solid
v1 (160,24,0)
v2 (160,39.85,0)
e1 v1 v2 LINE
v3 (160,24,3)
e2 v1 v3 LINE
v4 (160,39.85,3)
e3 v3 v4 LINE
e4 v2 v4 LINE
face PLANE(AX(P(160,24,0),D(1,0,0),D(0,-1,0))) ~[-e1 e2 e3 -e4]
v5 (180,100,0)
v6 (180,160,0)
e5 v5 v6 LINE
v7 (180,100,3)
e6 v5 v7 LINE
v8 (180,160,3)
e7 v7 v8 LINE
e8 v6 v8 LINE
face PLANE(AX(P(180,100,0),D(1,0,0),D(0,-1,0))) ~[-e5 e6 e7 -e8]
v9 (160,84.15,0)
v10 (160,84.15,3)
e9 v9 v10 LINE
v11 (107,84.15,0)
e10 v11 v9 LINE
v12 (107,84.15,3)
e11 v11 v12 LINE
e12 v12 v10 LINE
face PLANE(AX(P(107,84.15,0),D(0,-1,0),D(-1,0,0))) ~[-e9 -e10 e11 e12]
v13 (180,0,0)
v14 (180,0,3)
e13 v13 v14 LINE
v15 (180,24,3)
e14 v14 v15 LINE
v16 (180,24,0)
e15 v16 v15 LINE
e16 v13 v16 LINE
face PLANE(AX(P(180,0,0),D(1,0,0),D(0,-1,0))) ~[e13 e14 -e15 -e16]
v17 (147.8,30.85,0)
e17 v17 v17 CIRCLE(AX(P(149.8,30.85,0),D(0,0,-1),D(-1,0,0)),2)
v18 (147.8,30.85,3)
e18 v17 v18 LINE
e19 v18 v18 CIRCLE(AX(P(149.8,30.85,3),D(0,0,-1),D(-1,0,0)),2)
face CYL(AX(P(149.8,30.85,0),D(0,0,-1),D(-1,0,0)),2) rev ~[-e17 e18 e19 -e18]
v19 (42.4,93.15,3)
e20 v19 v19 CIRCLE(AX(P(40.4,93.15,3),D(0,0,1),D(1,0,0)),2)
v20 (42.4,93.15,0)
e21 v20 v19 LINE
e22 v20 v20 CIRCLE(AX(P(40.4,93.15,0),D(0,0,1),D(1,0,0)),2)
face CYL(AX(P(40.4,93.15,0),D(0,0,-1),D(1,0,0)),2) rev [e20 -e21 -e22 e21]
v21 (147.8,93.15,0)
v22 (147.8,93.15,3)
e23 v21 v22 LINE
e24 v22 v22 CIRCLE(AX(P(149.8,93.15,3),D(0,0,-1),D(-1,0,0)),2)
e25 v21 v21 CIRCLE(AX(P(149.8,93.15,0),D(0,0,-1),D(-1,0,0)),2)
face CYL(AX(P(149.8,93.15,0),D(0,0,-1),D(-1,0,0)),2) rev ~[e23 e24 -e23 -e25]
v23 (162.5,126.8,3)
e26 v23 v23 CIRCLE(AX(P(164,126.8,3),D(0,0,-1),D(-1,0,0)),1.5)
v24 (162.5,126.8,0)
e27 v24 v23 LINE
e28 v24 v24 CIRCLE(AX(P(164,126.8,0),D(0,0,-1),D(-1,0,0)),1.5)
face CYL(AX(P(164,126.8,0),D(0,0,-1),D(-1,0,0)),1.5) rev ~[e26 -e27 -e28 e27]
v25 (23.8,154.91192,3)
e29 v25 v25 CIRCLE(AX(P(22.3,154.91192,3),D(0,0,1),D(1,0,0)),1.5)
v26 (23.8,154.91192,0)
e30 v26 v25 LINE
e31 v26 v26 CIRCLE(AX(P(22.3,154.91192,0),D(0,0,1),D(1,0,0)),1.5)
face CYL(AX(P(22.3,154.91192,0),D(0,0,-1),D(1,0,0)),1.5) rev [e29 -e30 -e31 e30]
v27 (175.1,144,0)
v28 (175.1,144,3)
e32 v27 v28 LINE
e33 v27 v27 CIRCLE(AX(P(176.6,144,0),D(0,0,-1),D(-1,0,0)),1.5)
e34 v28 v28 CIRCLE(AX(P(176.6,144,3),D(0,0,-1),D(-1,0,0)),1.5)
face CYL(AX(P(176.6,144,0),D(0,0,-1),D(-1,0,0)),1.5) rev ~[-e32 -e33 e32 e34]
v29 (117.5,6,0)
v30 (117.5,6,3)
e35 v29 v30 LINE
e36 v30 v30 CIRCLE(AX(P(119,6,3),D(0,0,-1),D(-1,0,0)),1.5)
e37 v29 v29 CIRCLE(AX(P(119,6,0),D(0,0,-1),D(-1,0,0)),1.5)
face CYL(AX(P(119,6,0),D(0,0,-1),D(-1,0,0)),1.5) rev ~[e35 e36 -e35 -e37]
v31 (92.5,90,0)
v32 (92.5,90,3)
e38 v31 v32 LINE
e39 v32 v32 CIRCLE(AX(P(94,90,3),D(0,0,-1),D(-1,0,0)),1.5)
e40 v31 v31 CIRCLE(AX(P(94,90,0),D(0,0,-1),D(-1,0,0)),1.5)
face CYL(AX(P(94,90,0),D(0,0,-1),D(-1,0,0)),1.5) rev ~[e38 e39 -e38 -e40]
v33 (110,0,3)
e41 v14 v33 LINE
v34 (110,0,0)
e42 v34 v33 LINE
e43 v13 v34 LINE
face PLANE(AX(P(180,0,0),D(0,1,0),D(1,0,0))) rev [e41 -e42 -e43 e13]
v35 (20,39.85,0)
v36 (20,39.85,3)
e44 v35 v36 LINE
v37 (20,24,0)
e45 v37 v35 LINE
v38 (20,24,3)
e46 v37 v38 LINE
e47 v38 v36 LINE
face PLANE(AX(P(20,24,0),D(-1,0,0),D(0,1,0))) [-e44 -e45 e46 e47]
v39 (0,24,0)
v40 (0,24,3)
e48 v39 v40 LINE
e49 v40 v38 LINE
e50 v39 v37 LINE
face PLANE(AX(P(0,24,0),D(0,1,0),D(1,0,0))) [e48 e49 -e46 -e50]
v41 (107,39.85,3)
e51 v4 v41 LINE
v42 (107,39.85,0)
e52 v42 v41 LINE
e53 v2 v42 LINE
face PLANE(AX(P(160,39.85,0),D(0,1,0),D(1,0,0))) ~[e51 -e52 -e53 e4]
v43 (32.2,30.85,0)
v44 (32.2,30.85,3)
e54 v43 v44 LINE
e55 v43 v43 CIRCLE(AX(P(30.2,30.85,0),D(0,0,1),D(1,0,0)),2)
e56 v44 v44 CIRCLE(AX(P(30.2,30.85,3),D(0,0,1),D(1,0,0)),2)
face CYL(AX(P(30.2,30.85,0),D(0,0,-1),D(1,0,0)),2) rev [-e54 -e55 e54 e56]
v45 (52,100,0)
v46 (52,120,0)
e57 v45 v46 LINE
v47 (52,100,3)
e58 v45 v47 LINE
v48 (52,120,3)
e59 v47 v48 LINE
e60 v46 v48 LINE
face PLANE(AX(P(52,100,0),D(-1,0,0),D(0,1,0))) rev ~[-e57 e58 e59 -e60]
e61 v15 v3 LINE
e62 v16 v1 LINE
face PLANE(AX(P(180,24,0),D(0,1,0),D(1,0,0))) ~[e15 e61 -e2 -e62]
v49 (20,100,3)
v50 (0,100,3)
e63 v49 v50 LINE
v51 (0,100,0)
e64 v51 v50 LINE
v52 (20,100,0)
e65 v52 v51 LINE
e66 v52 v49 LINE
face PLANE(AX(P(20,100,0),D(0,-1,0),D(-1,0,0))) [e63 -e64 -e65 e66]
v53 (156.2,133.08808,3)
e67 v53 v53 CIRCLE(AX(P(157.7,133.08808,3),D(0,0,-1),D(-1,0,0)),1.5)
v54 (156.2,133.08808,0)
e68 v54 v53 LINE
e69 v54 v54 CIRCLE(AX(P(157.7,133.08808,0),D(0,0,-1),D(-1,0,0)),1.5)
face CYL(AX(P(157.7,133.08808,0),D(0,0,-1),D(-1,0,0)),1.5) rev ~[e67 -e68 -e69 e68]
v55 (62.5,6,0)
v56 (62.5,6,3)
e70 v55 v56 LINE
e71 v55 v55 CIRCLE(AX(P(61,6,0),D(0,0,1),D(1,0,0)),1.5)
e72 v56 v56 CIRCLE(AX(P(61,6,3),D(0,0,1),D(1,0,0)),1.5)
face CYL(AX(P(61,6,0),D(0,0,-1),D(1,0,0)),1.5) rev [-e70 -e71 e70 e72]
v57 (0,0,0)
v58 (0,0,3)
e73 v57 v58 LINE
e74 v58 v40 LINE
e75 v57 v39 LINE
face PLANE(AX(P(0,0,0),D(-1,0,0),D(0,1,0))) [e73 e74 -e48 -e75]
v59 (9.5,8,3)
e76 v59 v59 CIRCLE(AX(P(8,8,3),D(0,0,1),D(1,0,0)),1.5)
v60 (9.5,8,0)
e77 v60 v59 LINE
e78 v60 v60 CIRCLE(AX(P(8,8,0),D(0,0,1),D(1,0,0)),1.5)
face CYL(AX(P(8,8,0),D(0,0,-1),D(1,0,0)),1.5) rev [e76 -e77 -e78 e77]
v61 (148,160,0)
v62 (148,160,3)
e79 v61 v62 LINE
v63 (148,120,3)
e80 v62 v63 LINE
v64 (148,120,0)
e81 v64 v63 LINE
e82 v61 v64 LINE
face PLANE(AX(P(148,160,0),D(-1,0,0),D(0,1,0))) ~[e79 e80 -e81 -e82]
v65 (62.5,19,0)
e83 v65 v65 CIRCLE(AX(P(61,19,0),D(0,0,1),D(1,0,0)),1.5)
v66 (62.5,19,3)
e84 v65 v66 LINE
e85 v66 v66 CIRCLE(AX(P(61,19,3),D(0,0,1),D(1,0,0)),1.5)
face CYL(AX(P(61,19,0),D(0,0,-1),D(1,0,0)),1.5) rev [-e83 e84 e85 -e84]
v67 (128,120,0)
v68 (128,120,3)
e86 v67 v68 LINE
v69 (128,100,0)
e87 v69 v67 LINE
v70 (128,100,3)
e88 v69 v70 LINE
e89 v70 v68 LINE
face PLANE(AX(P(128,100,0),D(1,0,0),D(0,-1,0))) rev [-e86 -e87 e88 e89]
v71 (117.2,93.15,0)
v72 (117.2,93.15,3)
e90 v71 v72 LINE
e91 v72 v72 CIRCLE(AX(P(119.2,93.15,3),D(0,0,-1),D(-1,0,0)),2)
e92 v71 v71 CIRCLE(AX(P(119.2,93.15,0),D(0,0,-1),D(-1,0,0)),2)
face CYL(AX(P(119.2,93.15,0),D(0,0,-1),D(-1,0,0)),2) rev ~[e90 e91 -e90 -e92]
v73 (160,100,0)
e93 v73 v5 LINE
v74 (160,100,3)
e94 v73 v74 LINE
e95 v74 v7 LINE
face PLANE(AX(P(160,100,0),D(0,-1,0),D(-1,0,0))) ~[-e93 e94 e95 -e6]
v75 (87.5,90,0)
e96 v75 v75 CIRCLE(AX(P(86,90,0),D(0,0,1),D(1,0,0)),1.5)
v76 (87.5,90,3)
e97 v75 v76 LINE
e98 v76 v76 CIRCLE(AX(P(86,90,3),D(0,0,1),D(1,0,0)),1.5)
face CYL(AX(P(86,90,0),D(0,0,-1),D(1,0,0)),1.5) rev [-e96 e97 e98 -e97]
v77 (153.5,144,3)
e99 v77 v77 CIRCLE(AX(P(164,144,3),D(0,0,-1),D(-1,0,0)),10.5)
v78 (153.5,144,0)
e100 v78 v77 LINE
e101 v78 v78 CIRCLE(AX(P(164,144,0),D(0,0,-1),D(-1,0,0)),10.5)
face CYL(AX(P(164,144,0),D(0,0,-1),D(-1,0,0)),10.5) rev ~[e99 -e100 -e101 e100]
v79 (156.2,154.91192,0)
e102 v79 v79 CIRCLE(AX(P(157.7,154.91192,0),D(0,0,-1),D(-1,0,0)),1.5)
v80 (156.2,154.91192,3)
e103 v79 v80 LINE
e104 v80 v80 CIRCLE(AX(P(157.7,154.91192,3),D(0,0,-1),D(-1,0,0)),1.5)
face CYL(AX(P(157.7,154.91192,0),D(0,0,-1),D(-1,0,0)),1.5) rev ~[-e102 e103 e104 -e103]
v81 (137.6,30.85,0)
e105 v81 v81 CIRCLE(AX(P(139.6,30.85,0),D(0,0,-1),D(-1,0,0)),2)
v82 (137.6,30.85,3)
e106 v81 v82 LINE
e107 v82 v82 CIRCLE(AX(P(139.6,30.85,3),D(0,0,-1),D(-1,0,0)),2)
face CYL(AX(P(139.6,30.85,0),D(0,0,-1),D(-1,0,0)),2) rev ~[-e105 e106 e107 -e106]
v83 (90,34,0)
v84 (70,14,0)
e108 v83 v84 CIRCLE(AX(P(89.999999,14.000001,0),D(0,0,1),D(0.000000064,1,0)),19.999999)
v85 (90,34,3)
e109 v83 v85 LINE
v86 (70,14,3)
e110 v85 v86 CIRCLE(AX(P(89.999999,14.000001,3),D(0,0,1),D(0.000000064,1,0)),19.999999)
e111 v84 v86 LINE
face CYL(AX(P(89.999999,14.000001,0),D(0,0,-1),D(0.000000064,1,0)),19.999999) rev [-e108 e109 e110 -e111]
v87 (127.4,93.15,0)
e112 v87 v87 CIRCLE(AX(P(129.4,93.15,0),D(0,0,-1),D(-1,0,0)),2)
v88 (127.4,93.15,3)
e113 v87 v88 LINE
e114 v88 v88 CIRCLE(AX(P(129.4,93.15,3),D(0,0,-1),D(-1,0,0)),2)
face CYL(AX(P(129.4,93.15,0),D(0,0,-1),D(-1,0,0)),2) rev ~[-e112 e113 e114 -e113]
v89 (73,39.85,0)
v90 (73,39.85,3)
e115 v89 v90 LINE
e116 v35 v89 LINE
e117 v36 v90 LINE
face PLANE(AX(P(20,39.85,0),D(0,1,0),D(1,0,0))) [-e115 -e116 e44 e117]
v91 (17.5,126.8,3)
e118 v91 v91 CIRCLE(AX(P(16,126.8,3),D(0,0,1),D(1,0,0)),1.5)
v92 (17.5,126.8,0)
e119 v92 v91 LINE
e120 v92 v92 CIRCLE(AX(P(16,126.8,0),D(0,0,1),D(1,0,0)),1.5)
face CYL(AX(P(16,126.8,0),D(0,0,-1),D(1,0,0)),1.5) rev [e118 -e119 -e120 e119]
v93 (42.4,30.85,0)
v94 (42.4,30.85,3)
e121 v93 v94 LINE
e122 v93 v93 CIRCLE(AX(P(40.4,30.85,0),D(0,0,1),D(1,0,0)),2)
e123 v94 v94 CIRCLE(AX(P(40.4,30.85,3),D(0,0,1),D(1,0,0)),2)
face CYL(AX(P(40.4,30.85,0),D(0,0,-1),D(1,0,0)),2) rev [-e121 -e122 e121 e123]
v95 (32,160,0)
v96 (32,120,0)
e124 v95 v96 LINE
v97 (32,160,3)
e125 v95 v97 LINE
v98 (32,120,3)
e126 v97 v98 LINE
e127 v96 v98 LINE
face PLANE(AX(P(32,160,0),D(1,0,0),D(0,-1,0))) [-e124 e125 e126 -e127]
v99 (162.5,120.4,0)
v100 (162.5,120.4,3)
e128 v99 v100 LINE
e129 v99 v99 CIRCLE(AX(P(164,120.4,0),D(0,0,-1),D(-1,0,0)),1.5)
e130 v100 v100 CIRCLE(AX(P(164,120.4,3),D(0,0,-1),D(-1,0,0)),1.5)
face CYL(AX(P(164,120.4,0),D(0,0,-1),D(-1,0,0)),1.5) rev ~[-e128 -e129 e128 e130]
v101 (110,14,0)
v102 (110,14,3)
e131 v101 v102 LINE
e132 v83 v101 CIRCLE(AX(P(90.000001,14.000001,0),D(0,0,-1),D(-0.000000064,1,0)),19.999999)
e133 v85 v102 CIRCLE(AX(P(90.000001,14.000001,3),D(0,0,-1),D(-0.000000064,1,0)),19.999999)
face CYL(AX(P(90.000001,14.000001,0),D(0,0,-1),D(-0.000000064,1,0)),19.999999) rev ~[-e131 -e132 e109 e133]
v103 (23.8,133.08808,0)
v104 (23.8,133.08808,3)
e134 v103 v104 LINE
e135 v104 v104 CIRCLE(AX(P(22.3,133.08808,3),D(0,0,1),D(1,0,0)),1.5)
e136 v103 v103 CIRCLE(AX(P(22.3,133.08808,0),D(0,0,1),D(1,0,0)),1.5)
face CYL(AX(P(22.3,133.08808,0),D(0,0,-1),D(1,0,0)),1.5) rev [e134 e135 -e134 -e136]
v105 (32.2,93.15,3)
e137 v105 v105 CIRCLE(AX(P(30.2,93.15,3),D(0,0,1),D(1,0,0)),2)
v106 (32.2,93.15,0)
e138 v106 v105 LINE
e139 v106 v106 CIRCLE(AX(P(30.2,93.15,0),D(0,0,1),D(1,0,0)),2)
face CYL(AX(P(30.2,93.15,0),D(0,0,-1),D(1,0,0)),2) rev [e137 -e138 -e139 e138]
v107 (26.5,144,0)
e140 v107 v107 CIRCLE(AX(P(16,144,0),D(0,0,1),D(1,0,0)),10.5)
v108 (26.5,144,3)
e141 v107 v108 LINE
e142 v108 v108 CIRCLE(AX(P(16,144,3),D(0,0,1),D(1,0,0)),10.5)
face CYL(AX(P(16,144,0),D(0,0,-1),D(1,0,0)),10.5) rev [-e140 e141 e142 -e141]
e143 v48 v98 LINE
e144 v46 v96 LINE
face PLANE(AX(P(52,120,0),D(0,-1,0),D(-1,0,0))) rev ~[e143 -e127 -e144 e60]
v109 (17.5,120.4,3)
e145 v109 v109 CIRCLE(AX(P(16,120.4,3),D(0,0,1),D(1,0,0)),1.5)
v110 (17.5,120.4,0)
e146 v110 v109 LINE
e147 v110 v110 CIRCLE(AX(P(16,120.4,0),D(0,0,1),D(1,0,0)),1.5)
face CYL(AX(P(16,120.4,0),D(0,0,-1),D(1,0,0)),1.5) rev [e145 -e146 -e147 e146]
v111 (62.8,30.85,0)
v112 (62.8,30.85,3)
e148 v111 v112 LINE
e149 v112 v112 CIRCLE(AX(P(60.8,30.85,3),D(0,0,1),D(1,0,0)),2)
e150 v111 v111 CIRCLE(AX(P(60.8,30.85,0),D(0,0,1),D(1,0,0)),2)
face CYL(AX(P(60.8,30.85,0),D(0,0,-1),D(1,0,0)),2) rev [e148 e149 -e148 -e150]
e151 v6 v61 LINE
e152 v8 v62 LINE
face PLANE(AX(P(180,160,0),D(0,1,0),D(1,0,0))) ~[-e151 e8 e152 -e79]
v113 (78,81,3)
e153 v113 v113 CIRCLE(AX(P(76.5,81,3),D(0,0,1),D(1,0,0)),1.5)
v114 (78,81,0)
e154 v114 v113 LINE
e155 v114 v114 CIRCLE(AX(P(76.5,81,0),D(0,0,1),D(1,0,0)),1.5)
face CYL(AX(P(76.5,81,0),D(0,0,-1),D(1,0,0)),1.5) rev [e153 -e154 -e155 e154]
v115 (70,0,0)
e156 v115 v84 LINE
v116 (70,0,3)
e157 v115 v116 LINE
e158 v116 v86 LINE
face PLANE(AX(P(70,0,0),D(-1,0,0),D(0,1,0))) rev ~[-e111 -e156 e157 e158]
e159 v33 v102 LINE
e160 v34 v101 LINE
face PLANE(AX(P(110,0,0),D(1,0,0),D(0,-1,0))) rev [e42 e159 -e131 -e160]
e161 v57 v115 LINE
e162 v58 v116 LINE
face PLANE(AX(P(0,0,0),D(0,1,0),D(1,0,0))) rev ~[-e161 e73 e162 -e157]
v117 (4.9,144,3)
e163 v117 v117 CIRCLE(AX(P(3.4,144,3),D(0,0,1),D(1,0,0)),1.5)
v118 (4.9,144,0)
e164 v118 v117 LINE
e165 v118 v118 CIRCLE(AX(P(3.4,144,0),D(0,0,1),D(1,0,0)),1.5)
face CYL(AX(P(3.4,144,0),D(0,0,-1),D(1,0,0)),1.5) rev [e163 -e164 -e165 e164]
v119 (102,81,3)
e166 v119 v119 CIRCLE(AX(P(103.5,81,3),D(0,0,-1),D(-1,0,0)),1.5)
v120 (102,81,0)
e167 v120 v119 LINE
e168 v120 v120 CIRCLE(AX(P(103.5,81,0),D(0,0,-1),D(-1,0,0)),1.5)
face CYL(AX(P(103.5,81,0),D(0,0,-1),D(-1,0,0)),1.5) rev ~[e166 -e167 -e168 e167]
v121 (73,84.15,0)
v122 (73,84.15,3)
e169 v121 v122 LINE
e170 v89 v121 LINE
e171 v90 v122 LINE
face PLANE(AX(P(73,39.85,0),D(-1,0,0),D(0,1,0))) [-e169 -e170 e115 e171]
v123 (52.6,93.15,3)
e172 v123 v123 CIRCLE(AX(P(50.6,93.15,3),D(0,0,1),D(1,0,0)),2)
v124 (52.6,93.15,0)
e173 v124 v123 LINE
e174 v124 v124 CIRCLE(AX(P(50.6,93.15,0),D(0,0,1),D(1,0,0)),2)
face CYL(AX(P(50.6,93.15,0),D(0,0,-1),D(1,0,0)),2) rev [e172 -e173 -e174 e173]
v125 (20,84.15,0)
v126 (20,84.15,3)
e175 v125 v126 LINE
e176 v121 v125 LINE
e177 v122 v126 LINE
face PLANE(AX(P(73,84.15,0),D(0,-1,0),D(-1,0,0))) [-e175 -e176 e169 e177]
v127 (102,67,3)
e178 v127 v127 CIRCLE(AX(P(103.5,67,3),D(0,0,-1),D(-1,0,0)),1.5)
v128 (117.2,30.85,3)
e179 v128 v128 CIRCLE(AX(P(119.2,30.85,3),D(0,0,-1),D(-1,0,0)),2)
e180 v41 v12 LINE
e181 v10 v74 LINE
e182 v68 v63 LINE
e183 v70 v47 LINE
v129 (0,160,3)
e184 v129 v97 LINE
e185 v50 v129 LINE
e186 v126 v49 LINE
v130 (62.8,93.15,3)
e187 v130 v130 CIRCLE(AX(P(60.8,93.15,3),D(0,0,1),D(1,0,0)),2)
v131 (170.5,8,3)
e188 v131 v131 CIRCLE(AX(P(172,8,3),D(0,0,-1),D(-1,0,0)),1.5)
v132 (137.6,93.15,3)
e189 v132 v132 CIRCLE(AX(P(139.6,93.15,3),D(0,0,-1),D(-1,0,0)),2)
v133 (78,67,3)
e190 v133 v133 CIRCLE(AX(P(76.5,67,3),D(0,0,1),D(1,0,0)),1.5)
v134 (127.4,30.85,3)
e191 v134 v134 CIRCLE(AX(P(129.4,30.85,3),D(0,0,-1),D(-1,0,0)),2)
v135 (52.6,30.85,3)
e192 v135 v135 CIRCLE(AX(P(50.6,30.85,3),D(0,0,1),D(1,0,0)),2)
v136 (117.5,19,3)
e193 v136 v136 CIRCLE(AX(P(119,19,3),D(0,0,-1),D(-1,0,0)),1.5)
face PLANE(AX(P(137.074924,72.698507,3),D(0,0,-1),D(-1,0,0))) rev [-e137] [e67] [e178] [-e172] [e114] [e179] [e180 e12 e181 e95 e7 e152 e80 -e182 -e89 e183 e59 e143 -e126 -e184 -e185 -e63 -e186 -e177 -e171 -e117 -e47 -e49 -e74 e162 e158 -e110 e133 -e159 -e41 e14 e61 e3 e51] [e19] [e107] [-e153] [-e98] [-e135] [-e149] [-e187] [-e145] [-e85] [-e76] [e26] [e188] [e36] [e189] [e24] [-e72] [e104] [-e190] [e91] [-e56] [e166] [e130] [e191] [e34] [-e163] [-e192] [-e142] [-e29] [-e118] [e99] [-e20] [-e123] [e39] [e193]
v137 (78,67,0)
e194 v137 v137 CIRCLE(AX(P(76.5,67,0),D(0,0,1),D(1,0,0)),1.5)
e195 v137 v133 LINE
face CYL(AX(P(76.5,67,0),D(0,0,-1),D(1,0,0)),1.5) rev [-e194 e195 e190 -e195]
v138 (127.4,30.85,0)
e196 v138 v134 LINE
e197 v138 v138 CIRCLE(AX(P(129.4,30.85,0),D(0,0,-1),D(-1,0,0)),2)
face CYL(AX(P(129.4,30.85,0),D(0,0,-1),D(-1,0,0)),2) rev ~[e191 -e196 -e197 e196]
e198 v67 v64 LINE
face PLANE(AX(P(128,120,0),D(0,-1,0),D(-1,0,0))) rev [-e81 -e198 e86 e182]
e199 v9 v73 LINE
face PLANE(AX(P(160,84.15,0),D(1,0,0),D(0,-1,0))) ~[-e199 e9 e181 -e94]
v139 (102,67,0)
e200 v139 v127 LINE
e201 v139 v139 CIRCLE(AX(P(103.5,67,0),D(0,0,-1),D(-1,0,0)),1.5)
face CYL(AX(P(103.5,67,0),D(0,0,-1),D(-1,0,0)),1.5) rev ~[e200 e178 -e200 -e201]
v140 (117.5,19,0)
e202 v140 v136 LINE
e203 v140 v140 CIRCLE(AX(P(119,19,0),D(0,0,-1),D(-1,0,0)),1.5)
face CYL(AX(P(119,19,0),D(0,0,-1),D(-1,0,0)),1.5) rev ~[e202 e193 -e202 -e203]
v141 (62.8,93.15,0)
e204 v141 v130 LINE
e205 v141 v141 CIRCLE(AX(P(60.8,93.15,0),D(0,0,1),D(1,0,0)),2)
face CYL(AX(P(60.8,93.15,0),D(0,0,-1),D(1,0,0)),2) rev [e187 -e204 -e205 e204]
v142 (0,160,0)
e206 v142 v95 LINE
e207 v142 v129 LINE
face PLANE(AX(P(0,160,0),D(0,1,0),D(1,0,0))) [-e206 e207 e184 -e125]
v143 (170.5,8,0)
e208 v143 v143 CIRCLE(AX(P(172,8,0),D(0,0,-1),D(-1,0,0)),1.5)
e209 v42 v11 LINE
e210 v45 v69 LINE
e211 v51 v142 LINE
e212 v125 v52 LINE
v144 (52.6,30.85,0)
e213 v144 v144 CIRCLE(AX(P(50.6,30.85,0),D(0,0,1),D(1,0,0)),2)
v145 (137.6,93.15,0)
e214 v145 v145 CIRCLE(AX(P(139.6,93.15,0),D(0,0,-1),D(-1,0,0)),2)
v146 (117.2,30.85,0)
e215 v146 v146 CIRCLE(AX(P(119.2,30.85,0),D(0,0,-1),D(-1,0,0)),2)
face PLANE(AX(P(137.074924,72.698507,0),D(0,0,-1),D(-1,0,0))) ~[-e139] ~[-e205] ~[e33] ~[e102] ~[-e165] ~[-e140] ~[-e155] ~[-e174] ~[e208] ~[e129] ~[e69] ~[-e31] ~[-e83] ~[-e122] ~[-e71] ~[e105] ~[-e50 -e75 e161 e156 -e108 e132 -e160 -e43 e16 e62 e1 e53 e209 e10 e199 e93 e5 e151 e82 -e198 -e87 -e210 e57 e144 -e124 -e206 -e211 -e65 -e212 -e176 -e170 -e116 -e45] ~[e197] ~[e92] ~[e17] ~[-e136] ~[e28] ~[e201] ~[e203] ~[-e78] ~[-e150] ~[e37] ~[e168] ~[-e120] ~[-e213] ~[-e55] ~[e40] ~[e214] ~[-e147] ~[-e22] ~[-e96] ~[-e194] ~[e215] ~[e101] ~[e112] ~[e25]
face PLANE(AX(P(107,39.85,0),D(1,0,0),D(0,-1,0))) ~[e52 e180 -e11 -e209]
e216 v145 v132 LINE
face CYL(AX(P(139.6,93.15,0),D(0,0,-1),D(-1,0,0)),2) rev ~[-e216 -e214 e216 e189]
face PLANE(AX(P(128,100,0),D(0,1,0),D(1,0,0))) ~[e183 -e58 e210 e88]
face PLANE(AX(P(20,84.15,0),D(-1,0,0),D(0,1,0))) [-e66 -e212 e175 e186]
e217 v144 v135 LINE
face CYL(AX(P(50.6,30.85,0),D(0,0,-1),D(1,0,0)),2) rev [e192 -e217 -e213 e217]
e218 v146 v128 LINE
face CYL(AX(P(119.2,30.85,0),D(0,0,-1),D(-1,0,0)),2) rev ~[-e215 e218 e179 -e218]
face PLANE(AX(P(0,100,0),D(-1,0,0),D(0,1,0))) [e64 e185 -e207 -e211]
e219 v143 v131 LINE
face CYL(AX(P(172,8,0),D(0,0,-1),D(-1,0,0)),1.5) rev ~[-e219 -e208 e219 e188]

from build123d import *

# Parameters (mm, degrees)
SKETCH_R   = 10.5
SKETCH_R_2 = 1.5
SKETCH_R_3 = 2
PAD_DEPTH  = 3


with BuildPart() as part:
    # Sketch → Pad (new body)
    with BuildSketch(Plane.XY):
        with BuildLine():
            Line((0, 0), (0, 24))
            Line((0, 24), (20, 24))
            Line((20, 24), (20, 39.85))
            Line((20, 39.85), (73, 39.85))
            Line((73, 39.85), (73, 84.15))
            Line((73, 84.15), (20, 84.15))
            Line((20, 84.15), (20, 100))
            Line((20, 100), (0, 100))
            Line((0, 100), (0, 160))
            Line((0, 160), (32, 160))
            Line((32, 160), (32, 120))
            Line((52, 120), (32, 120))
            Line((52, 100), (52, 120))
            Line((52, 100), (90, 100))
            Line((90, 100), (90, 34))
            ThreePointArc((90, 34), (75.857864, 28.142136), (70, 14))
            Line((70, 0), (70, 14))
            Line((0, 0), (70, 0))
        make_face()
        with Locations((16, 144)):
            Circle(SKETCH_R, mode=Mode.SUBTRACT)
        with Locations((22.3, 154.91192)):
            Circle(SKETCH_R_2, mode=Mode.SUBTRACT)
        with Locations((22.3, 133.08808)):
            Circle(SKETCH_R_2, mode=Mode.SUBTRACT)
        with Locations((3.4, 144)):
            Circle(SKETCH_R_2, mode=Mode.SUBTRACT)
        with Locations((30.2, 30.85)):
            Circle(SKETCH_R_3, mode=Mode.SUBTRACT)
        with Locations((40.4, 30.85)):
            Circle(SKETCH_R_3, mode=Mode.SUBTRACT)
        with Locations((50.6, 30.85)):
            Circle(SKETCH_R_3, mode=Mode.SUBTRACT)
        with Locations((60.8, 30.85)):
            Circle(SKETCH_R_3, mode=Mode.SUBTRACT)
        with Locations((30.2, 93.15)):
            Circle(SKETCH_R_3, mode=Mode.SUBTRACT)
        with Locations((40.4, 93.15)):
            Circle(SKETCH_R_3, mode=Mode.SUBTRACT)
        with Locations((50.6, 93.15)):
            Circle(SKETCH_R_3, mode=Mode.SUBTRACT)
        with Locations((60.8, 93.15)):
            Circle(SKETCH_R_3, mode=Mode.SUBTRACT)
        with Locations((76.5, 81)):
            Circle(SKETCH_R_2, mode=Mode.SUBTRACT)
        with Locations((76.5, 67)):
            Circle(SKETCH_R_2, mode=Mode.SUBTRACT)
        with Locations((61, 19)):
            Circle(SKETCH_R_2, mode=Mode.SUBTRACT)
        with Locations((61, 6)):
            Circle(SKETCH_R_2, mode=Mode.SUBTRACT)
        with Locations((8, 8)):
            Circle(SKETCH_R_2, mode=Mode.SUBTRACT)
        with Locations((86, 90)):
            Circle(SKETCH_R_2, mode=Mode.SUBTRACT)
        with Locations((16, 126.8)):
            Circle(SKETCH_R_2, mode=Mode.SUBTRACT)
        with Locations((16, 120.4)):
            Circle(SKETCH_R_2, mode=Mode.SUBTRACT)
    pad = extrude(amount=PAD_DEPTH)

    # Mirrored: Pad across face of Pad
    add(pad.mirror(Plane(origin=(90, 67, 1.5), x_dir=(0, 1, 0), z_dir=(1, 0, 0))))


solid = part.part
